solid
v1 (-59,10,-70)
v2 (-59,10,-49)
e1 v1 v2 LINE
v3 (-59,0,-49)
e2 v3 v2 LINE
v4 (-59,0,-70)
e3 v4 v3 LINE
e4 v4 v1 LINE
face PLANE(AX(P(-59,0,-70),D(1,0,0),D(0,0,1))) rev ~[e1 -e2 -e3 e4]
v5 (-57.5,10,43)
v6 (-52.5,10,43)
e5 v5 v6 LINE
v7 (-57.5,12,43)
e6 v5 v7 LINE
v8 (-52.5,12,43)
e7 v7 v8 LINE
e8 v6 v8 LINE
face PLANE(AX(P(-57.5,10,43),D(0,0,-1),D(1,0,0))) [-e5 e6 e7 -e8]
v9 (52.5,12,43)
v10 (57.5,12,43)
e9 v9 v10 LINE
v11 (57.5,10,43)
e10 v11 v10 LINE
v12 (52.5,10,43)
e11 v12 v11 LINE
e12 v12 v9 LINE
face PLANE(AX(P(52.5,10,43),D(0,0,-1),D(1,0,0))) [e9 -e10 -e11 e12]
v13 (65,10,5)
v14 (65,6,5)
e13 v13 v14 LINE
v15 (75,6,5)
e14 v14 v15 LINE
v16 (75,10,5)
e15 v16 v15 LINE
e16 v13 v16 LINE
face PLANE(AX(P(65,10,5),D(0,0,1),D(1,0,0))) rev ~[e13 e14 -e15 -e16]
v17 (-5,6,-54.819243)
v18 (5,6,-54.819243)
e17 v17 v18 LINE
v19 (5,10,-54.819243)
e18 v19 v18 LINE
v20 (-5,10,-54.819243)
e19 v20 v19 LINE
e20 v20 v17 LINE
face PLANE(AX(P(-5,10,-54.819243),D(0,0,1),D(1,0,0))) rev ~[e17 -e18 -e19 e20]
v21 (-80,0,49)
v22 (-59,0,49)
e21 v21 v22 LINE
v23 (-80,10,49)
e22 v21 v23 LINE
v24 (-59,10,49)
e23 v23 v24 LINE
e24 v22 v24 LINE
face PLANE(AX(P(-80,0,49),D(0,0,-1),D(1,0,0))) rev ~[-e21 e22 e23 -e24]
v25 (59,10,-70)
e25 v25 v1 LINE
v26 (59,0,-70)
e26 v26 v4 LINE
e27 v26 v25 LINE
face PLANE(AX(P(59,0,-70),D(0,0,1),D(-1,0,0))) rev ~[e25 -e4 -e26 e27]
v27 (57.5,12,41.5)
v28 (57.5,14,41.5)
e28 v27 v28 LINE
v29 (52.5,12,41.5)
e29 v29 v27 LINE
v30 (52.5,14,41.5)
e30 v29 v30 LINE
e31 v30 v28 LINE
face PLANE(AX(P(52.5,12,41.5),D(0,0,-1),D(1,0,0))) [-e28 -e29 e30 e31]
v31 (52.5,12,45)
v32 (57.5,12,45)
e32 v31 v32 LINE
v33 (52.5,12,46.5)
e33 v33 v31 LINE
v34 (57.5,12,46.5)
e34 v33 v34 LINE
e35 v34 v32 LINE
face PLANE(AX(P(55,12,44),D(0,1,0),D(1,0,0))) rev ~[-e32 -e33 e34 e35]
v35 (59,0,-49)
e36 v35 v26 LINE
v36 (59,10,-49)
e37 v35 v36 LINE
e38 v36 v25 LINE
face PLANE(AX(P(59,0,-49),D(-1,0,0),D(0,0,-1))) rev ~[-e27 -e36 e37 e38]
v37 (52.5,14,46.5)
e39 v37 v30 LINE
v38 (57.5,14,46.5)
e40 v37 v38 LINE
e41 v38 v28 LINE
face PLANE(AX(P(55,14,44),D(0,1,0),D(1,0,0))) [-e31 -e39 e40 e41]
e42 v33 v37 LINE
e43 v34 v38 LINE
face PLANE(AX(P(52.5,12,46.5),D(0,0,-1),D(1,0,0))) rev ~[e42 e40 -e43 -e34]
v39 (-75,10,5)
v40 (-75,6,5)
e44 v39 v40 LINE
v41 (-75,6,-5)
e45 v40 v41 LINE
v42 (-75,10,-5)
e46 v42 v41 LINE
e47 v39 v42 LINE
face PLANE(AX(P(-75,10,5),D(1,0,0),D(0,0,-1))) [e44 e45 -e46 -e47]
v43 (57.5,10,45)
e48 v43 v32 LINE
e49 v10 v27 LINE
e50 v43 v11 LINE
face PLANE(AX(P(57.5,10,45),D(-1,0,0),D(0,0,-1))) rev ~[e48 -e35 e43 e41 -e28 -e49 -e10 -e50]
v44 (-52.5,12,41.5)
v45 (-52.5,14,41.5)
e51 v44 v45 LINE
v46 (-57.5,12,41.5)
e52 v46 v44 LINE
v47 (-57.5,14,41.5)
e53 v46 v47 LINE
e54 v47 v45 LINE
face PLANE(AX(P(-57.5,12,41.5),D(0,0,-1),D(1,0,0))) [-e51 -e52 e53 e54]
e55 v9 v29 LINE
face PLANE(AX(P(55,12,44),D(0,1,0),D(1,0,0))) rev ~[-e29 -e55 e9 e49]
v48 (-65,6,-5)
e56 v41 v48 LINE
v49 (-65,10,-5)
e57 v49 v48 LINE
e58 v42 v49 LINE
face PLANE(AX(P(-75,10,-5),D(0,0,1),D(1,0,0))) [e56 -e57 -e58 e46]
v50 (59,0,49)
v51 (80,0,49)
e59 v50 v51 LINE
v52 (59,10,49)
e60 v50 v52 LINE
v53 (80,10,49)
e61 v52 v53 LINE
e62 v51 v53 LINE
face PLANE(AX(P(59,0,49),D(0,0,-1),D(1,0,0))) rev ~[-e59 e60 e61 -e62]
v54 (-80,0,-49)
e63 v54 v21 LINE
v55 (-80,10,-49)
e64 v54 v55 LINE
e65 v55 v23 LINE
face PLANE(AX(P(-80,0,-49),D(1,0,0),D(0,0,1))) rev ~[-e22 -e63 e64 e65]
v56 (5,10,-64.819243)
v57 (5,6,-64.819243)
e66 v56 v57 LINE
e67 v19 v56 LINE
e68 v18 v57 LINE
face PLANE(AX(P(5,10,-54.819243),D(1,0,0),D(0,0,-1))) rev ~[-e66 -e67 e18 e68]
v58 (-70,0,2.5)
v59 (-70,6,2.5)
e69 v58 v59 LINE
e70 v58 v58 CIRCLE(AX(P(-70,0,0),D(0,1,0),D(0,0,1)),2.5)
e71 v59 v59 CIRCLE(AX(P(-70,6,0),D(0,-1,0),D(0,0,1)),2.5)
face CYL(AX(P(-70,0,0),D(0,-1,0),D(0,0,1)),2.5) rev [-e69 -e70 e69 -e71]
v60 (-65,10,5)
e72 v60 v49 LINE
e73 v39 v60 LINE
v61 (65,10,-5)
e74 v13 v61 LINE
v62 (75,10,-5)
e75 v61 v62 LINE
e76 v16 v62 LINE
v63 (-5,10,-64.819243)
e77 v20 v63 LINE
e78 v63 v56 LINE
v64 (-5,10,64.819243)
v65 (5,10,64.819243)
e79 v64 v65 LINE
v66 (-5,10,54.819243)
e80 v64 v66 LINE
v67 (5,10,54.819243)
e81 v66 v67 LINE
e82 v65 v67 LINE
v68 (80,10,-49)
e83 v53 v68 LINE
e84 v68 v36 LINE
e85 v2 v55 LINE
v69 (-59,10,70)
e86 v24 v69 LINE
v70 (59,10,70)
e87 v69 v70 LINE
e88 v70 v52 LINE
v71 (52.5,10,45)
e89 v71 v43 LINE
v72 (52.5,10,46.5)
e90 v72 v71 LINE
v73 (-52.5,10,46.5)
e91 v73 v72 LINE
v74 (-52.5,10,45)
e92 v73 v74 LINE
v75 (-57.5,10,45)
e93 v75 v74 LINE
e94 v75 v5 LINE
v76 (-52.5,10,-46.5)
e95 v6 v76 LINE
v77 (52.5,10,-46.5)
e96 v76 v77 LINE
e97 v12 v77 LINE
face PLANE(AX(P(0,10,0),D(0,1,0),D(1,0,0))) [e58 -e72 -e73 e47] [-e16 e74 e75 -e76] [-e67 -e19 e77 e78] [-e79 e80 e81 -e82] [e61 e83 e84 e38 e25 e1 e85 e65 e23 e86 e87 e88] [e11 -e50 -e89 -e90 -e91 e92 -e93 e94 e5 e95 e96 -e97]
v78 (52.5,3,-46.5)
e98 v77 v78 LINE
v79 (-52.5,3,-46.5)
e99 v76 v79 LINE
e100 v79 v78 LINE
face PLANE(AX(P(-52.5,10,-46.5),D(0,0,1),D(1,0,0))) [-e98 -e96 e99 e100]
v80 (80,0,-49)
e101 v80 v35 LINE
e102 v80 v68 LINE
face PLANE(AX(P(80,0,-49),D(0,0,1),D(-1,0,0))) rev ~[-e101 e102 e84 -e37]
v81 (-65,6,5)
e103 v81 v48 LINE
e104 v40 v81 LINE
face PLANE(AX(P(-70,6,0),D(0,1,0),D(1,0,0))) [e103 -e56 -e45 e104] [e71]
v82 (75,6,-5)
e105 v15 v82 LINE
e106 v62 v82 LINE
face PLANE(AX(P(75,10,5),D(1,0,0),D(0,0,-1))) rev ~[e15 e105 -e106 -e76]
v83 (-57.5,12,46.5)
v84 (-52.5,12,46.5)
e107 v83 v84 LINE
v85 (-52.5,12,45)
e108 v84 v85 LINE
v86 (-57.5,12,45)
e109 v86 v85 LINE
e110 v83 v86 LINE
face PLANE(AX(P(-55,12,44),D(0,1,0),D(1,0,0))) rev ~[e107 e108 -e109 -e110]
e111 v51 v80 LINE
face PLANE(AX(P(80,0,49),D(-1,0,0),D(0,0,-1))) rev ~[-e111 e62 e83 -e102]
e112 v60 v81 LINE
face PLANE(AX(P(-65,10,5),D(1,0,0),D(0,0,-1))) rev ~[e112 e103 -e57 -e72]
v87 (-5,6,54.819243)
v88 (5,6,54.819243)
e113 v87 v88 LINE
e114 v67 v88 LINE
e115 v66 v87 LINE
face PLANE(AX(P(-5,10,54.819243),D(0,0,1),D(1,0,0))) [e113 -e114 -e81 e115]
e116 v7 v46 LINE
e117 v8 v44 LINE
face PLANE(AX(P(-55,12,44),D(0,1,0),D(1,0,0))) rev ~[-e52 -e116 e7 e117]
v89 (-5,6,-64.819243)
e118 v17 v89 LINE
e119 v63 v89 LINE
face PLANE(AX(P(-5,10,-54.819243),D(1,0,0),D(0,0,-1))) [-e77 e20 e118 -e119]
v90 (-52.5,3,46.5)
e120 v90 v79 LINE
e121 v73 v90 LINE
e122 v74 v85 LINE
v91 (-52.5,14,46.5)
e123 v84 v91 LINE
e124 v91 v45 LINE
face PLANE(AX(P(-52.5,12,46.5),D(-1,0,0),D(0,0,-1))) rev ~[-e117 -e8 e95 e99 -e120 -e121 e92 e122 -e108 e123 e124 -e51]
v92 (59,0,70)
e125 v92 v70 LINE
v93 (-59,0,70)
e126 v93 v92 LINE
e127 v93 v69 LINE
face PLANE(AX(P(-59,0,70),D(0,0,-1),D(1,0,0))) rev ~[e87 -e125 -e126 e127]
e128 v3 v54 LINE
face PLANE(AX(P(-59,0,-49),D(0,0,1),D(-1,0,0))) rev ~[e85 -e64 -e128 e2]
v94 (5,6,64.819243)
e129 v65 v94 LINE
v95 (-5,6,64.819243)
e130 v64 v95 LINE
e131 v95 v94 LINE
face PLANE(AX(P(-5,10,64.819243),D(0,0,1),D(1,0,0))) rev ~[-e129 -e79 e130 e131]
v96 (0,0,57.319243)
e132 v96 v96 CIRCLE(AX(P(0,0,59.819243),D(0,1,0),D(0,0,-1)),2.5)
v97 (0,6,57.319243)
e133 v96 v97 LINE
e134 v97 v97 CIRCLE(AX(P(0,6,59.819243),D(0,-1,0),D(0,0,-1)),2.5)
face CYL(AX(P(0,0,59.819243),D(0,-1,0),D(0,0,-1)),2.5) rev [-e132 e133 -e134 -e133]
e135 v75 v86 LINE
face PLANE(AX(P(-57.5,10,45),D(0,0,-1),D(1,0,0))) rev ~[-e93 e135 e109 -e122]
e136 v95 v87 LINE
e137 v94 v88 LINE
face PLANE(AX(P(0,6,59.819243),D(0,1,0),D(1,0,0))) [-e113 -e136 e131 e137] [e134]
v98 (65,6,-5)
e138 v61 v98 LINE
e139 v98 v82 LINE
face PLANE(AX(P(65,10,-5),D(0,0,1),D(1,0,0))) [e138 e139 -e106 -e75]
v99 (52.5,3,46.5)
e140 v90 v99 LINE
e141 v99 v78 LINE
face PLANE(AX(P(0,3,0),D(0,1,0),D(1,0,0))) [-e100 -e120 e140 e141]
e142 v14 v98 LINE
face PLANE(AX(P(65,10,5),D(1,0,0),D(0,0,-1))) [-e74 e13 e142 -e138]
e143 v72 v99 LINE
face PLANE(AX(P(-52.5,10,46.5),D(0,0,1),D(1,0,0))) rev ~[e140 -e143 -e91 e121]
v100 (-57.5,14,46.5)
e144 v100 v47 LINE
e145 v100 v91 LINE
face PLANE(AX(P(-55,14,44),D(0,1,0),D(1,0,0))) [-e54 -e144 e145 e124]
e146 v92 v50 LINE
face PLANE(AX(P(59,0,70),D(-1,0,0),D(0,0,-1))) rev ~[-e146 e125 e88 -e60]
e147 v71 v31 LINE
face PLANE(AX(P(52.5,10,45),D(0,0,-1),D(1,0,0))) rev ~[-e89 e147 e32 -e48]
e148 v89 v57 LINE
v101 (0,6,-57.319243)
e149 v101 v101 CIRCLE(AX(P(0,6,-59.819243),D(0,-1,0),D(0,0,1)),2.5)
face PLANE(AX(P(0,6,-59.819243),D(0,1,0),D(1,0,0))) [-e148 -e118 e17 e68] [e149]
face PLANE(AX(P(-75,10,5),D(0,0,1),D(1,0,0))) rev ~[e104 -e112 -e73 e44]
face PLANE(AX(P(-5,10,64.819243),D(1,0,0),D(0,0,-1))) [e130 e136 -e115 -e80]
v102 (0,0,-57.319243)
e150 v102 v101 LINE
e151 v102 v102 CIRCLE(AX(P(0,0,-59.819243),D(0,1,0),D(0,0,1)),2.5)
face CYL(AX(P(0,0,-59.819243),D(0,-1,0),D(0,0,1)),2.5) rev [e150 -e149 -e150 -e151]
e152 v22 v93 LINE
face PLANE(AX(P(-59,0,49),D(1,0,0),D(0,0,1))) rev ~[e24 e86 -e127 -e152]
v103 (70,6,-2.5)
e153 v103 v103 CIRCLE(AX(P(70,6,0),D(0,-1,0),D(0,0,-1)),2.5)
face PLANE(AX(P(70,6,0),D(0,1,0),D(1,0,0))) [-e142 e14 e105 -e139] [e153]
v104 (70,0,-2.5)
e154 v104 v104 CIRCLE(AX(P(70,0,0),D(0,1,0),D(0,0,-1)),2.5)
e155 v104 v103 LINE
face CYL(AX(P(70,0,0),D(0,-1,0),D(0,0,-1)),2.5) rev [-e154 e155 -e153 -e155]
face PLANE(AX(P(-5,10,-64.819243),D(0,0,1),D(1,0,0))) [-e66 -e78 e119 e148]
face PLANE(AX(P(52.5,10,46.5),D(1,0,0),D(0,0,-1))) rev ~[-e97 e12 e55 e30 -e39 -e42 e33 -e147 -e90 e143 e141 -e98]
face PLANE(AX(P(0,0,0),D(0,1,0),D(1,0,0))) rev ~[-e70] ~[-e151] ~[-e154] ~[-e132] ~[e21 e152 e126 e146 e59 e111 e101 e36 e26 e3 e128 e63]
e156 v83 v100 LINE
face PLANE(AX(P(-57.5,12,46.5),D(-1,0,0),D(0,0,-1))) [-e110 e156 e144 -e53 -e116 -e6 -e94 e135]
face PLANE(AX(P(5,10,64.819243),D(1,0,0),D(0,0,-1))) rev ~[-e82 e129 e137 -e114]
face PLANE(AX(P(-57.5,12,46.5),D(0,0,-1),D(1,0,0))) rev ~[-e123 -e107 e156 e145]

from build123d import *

# Parameters (mm, degrees)
SKETCH2_R           = 2.5
BOSS_EXTRUDE1_DEPTH = 10
SKETCH9_W           = 10
SKETCH9_H           = 10
CUT_EXTRUDE1_DEPTH  = 4
SKETCH11_W          = 105
SKETCH11_H          = 93
CUT_EXTRUDE2_DEPTH  = 7
SKETCH12_W          = 5
SKETCH12_H          = 2
BOSS_EXTRUDE2_DEPTH = 2
SKETCH13_W          = 5
SKETCH13_H          = 5
BOSS_EXTRUDE3_DEPTH = 2


with BuildPart() as part:
    # Sketch2 → Boss-Extrude1 (new body)
    with BuildSketch(Plane(origin=(0, 0, 0), x_dir=(1, 0, 0), z_dir=(0, 1, 0))):
        Polygon((-59, 70), (-59, 49), (-80, 49), (-80, -49), (-59, -49), (-59, -70), (59, -70), (59, -49), (80, -49), (80, 49), (59, 49), (59, 70), align=None)
        with Locations(Location((0, 59.819243353, 0), (0, 0, 270))):
            Circle(SKETCH2_R, mode=Mode.SUBTRACT)
        with Locations(Location((0, -59.819243353, 0), (0, 0, 90))):
            Circle(SKETCH2_R, mode=Mode.SUBTRACT)
        with Locations(Location((-70, 0, 0), (0, 0, 270))):
            Circle(SKETCH2_R, mode=Mode.SUBTRACT)
        with Locations(Location((70, 0, 0), (0, 0, 90))):
            Circle(SKETCH2_R, mode=Mode.SUBTRACT)
    extrude(amount=BOSS_EXTRUDE1_DEPTH)

    # Sketch9 → Cut-Extrude1 (cut)
    with BuildSketch(Plane(origin=(0, 10, 0), x_dir=(1, 0, 0), z_dir=(0, 1, 0))):
        with Locations((0, 59.819243353)):
            Rectangle(SKETCH9_W, SKETCH9_H)
        with Locations((-70, 0)):
            Rectangle(SKETCH9_W, SKETCH9_H)
        with Locations((70, 0)):
            Rectangle(SKETCH9_W, SKETCH9_H)
        with Locations((0, -59.819243353)):
            Rectangle(SKETCH9_W, SKETCH9_H)
    extrude(amount=-CUT_EXTRUDE1_DEPTH, mode=Mode.SUBTRACT)

    # Sketch11 → Cut-Extrude2 (cut)
    with BuildSketch(Plane(origin=(0, 10, 0), x_dir=(1, 0, 0), z_dir=(0, 1, 0))):
        Rectangle(SKETCH11_W, SKETCH11_H)
    extrude(amount=-CUT_EXTRUDE2_DEPTH, mode=Mode.SUBTRACT)

    # Sketch12 → Boss-Extrude2 (add)
    with BuildSketch(Plane(origin=(0, 10, 0), x_dir=(1, 0, 0), z_dir=(0, 1, 0))):
        with Locations((-55, -44)):
            Rectangle(SKETCH12_W, SKETCH12_H)
        with Locations((55, -44)):
            Rectangle(SKETCH12_W, SKETCH12_H)
    extrude(amount=BOSS_EXTRUDE2_DEPTH)

    # Sketch13 → Boss-Extrude3 (add)
    with BuildSketch(Plane(origin=(0, 12, 0), x_dir=(1, 0, 0), z_dir=(0, 1, 0))):
        with Locations((-55, -44)):
            Rectangle(SKETCH13_W, SKETCH13_H)
        with Locations((55, -44)):
            Rectangle(SKETCH13_W, SKETCH13_H)
    extrude(amount=BOSS_EXTRUDE3_DEPTH)


solid = part.part
